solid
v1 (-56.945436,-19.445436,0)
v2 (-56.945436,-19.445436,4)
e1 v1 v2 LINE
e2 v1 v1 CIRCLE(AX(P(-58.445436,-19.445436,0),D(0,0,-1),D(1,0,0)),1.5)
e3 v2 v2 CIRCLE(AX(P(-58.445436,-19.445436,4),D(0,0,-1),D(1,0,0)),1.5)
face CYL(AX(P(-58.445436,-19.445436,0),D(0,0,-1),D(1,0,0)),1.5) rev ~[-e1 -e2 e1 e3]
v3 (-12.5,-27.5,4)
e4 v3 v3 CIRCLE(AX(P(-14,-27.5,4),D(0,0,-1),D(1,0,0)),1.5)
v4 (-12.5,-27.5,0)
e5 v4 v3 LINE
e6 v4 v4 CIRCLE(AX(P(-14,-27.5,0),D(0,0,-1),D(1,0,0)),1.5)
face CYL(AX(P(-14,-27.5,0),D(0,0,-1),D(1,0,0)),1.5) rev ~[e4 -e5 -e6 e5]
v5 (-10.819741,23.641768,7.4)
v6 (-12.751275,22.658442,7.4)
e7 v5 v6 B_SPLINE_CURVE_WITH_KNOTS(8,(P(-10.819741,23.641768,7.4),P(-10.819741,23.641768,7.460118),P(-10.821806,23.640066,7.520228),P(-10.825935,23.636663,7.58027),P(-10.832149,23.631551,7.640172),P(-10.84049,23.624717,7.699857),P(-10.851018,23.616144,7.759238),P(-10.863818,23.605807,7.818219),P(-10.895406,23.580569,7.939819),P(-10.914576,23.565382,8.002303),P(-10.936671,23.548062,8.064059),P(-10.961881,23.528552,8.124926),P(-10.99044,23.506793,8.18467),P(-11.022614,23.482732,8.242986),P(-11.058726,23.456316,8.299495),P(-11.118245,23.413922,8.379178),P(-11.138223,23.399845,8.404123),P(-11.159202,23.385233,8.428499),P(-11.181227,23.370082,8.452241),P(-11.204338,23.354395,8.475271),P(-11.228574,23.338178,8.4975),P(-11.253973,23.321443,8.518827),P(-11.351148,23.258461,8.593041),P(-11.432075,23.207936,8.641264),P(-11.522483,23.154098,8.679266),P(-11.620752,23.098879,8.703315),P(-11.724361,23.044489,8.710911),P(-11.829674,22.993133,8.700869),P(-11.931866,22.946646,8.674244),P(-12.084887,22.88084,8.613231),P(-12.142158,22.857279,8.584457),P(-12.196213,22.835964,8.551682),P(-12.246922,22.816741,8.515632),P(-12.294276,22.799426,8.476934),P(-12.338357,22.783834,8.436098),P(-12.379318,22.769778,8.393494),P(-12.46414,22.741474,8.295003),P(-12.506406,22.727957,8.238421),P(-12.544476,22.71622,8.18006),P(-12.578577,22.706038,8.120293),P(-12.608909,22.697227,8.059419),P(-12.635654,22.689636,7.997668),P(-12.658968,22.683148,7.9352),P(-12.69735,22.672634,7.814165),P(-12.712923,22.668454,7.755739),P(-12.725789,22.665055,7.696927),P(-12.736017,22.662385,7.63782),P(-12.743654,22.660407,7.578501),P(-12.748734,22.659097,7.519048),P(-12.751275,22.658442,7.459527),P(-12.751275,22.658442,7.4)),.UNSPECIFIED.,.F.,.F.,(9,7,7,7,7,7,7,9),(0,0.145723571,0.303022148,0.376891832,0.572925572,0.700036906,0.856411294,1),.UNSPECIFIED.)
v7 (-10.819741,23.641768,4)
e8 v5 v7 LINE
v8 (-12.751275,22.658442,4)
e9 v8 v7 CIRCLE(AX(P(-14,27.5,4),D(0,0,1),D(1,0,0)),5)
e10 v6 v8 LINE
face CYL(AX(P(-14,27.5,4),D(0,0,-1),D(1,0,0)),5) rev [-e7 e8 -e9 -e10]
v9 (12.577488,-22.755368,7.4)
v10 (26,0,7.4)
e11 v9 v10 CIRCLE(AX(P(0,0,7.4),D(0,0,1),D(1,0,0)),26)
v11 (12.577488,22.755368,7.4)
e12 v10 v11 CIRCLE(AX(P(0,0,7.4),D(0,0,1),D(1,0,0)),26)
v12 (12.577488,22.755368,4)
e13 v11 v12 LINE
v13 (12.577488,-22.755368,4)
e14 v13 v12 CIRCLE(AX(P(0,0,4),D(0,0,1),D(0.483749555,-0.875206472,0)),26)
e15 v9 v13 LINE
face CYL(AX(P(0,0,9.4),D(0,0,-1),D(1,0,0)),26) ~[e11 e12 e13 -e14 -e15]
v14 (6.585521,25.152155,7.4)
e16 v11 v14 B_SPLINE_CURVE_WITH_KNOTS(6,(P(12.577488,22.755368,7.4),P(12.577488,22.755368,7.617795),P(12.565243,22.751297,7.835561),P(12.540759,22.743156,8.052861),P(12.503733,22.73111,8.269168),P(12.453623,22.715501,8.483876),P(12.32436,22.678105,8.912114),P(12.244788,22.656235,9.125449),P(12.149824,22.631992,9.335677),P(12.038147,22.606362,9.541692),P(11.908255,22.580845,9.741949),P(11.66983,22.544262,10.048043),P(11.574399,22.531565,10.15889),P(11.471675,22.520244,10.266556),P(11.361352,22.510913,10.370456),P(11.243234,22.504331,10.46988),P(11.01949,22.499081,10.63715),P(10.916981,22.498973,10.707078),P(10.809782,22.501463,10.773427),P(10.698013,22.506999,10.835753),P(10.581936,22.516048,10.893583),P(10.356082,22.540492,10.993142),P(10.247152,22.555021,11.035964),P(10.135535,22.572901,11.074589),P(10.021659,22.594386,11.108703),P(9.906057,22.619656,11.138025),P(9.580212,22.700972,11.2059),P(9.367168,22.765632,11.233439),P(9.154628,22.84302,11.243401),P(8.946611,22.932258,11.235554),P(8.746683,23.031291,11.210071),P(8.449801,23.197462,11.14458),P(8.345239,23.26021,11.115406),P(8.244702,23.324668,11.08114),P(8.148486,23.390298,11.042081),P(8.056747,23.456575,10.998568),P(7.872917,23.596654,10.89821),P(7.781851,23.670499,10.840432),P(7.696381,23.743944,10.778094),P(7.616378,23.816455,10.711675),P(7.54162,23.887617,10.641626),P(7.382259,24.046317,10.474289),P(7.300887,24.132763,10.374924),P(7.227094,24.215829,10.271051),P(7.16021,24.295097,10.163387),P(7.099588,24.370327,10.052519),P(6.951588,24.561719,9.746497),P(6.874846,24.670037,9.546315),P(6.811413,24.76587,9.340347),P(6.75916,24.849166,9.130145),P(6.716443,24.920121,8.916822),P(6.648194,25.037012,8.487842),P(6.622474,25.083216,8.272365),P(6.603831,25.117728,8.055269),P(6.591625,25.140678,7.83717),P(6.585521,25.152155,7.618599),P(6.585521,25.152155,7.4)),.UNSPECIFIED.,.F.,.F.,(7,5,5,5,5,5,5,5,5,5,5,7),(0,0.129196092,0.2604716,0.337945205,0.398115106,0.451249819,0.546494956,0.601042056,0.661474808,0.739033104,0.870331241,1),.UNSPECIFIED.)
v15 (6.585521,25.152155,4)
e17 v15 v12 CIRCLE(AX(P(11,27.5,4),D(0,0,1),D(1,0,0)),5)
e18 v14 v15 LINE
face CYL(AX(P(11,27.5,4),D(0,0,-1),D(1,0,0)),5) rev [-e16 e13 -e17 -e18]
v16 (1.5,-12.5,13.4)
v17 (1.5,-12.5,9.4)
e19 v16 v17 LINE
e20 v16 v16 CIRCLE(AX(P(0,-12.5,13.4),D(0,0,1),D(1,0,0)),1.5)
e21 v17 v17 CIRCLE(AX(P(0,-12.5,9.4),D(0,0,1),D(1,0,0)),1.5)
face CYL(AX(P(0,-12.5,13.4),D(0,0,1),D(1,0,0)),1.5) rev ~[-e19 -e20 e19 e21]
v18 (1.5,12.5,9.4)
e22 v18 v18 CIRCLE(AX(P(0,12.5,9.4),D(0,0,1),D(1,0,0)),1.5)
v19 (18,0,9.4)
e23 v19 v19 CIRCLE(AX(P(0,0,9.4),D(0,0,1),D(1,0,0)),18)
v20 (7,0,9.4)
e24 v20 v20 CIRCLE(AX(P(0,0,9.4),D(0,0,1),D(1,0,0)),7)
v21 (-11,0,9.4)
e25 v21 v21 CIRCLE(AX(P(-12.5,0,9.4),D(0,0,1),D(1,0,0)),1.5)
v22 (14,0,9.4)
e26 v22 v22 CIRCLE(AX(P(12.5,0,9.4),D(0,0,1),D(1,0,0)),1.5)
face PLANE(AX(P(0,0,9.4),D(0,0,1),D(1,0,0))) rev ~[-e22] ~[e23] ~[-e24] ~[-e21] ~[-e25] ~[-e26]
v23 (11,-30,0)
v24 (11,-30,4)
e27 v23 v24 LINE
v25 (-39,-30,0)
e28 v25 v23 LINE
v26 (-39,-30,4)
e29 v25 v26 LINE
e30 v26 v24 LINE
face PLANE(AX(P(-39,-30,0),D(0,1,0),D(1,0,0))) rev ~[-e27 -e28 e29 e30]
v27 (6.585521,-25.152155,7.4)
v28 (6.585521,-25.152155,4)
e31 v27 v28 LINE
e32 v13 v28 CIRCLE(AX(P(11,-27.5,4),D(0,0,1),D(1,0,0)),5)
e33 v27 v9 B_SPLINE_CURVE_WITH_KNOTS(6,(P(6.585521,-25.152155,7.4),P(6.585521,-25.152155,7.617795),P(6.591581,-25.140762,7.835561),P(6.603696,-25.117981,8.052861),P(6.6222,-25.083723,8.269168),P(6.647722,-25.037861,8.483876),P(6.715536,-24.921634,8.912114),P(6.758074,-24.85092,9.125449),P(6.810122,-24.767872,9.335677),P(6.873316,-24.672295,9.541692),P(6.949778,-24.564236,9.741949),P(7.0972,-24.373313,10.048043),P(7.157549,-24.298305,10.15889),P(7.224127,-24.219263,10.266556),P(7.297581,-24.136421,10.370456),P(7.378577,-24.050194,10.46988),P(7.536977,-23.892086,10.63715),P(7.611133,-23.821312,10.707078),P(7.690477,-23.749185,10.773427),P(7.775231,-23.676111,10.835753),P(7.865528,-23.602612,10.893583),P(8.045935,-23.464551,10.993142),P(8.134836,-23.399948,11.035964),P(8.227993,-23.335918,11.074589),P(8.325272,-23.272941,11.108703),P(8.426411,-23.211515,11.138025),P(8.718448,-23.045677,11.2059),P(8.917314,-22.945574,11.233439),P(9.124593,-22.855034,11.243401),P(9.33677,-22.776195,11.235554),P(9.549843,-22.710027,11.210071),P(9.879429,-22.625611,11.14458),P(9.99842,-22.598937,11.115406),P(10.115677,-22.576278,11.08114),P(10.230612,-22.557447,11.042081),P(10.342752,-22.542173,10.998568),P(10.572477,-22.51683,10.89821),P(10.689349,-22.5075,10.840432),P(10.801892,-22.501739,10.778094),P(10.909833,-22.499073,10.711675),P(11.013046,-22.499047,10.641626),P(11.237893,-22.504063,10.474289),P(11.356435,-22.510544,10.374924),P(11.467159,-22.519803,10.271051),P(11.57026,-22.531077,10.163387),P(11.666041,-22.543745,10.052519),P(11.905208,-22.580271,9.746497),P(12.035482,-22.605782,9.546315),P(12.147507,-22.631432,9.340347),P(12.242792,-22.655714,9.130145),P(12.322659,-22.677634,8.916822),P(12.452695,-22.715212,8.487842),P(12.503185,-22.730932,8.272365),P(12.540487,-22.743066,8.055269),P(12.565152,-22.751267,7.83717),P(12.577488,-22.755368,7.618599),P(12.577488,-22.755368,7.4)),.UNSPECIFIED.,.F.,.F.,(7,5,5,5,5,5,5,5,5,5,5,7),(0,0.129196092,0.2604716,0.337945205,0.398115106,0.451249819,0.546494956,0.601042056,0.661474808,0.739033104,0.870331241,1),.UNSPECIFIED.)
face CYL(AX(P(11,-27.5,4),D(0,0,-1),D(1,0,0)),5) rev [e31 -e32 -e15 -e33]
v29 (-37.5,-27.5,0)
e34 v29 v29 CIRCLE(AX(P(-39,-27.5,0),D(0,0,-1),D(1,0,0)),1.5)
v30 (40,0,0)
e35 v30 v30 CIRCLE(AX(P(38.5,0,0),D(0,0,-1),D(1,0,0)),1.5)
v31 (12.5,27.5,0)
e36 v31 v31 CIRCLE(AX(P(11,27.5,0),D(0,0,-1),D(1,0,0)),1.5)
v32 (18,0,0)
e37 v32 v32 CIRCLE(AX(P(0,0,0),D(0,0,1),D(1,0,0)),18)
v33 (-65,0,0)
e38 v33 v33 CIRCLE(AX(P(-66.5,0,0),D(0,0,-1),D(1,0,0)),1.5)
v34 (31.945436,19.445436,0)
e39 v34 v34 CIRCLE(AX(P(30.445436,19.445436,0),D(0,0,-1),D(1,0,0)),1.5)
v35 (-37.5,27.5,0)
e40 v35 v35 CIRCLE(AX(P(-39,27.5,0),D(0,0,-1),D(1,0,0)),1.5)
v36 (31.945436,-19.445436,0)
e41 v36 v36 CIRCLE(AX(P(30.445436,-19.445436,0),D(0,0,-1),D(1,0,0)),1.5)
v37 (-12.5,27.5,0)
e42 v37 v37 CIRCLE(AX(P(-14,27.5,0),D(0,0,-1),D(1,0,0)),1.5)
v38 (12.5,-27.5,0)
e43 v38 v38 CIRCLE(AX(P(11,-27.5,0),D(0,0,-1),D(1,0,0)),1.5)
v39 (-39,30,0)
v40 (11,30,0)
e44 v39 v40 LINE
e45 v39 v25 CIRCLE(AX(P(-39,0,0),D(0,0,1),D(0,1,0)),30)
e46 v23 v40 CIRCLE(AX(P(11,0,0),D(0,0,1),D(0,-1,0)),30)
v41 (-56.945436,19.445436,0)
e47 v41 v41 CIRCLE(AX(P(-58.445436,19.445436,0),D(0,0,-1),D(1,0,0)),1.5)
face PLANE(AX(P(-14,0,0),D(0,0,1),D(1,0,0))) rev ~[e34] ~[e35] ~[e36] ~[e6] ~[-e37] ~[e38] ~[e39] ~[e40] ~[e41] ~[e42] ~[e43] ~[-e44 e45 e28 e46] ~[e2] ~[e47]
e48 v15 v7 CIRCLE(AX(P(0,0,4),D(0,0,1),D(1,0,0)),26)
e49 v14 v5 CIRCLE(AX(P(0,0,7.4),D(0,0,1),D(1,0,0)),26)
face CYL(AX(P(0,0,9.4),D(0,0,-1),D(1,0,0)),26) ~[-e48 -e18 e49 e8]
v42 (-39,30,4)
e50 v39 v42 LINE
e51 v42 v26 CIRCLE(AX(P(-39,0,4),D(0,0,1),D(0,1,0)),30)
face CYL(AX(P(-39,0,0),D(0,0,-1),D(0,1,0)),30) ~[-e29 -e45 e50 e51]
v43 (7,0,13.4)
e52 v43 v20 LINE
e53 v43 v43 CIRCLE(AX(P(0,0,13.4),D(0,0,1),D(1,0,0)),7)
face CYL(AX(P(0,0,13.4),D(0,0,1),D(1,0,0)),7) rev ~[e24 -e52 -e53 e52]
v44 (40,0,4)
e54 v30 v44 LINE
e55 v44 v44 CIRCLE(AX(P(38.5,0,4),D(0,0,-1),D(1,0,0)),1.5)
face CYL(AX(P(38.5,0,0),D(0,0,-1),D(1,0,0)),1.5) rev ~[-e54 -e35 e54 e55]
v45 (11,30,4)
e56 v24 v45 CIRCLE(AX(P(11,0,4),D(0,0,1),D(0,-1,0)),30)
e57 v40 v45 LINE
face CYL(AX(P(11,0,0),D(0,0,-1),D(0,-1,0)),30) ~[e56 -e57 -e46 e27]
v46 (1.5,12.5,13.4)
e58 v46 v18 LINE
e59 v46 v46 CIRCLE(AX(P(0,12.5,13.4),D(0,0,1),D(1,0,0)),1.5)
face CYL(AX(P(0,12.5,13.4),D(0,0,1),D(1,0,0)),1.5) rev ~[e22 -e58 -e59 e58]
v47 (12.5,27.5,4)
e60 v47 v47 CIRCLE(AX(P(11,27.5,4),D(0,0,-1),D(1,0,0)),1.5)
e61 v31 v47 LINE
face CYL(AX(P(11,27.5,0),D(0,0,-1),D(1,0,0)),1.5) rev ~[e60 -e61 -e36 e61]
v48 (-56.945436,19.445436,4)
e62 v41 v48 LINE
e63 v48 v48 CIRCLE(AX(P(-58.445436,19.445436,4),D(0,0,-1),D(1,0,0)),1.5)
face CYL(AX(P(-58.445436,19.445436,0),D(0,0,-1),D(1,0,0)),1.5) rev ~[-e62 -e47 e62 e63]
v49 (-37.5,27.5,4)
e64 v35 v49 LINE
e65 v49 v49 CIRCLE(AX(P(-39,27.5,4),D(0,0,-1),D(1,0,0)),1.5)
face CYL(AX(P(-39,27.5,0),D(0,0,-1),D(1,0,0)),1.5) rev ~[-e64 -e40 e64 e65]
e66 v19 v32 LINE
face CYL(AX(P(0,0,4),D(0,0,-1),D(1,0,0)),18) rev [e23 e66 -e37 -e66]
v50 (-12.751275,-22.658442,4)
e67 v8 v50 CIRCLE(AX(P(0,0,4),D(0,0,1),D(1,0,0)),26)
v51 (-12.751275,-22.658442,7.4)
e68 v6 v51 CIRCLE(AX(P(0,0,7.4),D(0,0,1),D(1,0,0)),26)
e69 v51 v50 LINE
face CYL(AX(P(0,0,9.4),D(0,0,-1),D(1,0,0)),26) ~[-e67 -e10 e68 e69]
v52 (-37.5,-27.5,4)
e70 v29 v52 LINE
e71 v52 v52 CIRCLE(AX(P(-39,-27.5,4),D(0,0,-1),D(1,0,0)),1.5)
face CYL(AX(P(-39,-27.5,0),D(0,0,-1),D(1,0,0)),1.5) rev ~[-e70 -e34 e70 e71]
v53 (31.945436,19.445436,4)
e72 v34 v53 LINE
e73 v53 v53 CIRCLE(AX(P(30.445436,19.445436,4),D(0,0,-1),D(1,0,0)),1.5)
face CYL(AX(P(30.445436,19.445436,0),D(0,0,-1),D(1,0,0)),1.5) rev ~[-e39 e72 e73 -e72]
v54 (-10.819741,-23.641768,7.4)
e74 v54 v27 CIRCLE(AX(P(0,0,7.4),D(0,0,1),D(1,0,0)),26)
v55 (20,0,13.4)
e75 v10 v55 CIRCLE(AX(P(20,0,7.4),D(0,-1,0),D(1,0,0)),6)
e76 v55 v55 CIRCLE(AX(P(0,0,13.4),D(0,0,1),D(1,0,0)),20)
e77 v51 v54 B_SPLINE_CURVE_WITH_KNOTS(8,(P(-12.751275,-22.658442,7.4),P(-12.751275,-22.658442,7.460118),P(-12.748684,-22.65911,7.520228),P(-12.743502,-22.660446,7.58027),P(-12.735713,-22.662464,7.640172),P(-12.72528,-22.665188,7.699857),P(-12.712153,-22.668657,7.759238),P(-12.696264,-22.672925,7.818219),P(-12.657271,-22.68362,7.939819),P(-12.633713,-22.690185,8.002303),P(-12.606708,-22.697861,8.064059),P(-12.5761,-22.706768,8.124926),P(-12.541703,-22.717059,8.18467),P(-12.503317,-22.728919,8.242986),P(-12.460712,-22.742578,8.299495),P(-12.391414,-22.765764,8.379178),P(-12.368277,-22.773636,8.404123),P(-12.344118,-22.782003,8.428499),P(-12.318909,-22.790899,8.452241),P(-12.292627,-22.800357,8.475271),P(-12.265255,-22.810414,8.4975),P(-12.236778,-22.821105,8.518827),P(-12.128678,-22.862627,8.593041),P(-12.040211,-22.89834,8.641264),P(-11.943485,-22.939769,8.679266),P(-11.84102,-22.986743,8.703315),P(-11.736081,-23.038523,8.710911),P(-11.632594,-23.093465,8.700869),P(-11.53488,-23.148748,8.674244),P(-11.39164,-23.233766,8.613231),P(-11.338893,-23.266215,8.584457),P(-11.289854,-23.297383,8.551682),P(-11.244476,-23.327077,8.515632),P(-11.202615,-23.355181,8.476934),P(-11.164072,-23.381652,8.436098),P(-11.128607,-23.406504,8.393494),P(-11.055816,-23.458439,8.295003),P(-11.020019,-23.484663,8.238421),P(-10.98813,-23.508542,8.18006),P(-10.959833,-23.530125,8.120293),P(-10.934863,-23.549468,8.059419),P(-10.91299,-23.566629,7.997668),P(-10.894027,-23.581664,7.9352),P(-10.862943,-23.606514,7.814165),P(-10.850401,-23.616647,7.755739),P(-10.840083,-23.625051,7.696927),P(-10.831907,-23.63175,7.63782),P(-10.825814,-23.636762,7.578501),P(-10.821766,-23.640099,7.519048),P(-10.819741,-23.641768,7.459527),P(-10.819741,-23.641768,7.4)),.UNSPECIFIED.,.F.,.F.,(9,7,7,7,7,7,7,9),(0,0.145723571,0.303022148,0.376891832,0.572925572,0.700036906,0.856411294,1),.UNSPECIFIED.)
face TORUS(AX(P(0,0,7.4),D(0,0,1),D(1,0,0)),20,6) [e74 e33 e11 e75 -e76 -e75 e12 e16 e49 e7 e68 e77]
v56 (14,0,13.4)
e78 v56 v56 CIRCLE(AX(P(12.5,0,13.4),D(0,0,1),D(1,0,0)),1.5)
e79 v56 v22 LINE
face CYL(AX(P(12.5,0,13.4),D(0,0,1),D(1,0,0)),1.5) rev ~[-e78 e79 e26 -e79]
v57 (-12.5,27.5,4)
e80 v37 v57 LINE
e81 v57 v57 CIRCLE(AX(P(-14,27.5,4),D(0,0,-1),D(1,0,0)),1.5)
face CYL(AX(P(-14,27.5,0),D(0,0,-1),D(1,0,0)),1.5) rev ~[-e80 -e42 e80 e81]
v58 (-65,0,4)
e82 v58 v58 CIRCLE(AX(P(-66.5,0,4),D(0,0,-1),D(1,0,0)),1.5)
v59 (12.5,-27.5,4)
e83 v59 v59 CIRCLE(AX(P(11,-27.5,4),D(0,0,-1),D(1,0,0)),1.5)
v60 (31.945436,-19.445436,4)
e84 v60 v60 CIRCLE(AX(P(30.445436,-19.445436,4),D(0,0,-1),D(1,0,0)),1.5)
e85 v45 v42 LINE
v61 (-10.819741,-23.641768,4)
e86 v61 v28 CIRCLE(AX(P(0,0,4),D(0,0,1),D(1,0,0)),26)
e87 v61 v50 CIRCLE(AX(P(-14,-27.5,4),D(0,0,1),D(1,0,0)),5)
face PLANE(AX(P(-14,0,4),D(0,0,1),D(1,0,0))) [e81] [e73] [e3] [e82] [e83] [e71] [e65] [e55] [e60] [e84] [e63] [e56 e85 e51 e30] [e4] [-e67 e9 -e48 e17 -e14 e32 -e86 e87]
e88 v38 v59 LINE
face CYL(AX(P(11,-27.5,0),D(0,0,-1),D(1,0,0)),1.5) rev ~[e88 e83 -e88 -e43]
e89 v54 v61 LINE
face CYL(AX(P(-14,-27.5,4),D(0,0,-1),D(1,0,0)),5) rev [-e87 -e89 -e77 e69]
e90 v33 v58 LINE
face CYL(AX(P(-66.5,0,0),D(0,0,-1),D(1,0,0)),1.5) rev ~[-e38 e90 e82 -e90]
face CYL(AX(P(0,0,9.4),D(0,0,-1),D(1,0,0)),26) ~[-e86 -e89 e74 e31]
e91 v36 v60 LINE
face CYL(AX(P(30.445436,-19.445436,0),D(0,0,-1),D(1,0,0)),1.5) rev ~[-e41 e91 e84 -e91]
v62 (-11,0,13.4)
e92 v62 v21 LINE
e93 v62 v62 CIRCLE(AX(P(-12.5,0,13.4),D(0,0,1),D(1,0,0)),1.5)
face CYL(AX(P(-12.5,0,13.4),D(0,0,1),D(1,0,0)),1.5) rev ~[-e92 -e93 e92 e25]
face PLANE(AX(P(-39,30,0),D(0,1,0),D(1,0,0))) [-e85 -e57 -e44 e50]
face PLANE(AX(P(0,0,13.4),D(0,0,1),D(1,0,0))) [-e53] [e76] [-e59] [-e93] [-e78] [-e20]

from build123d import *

# Parameters (mm, degrees)
SKETCH_R        = 18
PAD_DEPTH       = 4
SKETCH002_R     = 26
SKETCH002_R_2   = 18
PAD001_DEPTH    = 5.4
SKETCH003_R     = 26
PAD002_DEPTH    = 4
SKETCH004_R     = 1.5
SKETCH004_R_2   = 7
POCKET_DEPTH    = 5
SKETCH005_R     = 1.5
POCKET001_DEPTH = 5
FILLET_R        = 6
SKETCH006_R     = 5
POCKET002_DEPTH = 15


with BuildPart() as part:
    # Sketch → Pad (new body)
    with BuildSketch(Plane.XY):
        with BuildLine():
            ThreePointArc((-39, 30), (-69, 0), (-39, -30))
            Line((-39, -30), (11, -30))
            ThreePointArc((11, -30), (41, 0), (11, 30))
            Line((-39, 30), (11, 30))
        make_face()
        Circle(SKETCH_R, mode=Mode.SUBTRACT)
    extrude(amount=PAD_DEPTH)

    # Sketch002 (on Face7 of Pad) → Pad001 (join)
    with BuildSketch(Plane.XY.offset(4)):
        Circle(SKETCH002_R)
        Circle(SKETCH002_R_2, mode=Mode.SUBTRACT)
    extrude(amount=PAD001_DEPTH)

    # Sketch003 (on Face10 of Pad001) → Pad002 (join)
    with BuildSketch(Plane.XY.offset(9.4)):
        Circle(SKETCH003_R)
    extrude(amount=PAD002_DEPTH)

    # Sketch004 (on Face12 of Pad002) → Pocket (cut)
    with BuildSketch(Plane.XY.offset(13.4)):
        with Locations((12.5, 0)):
            Circle(SKETCH004_R)
        with Locations((-12.5, 0)):
            Circle(SKETCH004_R)
        with Locations((0, 12.5)):
            Circle(SKETCH004_R)
        with Locations((0, -12.5)):
            Circle(SKETCH004_R)
        Circle(SKETCH004_R_2)
    extrude(amount=-POCKET_DEPTH, mode=Mode.SUBTRACT)

    # Sketch005 (on Face4 of Pocket) → Pocket001 (cut)
    with BuildSketch(Plane(origin=(0, 0, 0), x_dir=(1, 0, 0), z_dir=(0, 0, -1))):
        with Locations((-39, 27.5)):
            Circle(SKETCH005_R)
        with Locations((-14, 27.5)):
            Circle(SKETCH005_R)
        with Locations((11, 27.5)):
            Circle(SKETCH005_R)
        with Locations((30.445436, 19.445436)):
            Circle(SKETCH005_R)
        with Locations((38.5, 0)):
            Circle(SKETCH005_R)
        with Locations((30.445436, -19.445436)):
            Circle(SKETCH005_R)
        with Locations((11, -27.5)):
            Circle(SKETCH005_R)
        with Locations((-14, -27.5)):
            Circle(SKETCH005_R)
        with Locations((-39, -27.5)):
            Circle(SKETCH005_R)
        with Locations((-58.445436, -19.445436)):
            Circle(SKETCH005_R)
        with Locations((-66.5, 0)):
            Circle(SKETCH005_R)
        with Locations((-58.445436, 19.445436)):
            Circle(SKETCH005_R)
    extrude(amount=-POCKET001_DEPTH, mode=Mode.SUBTRACT)

    # Fillet
    fillet_edges = [part.edges().sort_by_distance(p)[0] for p in [
        (-26, 0, 13.4),
    ]]
    fillet(fillet_edges, radius=FILLET_R)

    # Sketch006 (on Face3 of Fillet) → Pocket002 (cut)
    with BuildSketch(Plane.XY.offset(4)):
        with Locations((-14, 27.5)):
            Circle(SKETCH006_R)
        with Locations((11, 27.5)):
            Circle(SKETCH006_R)
        with Locations((11, -27.5)):
            Circle(SKETCH006_R)
        with Locations((-14, -27.5)):
            Circle(SKETCH006_R)
    extrude(amount=POCKET002_DEPTH, mode=Mode.SUBTRACT)


solid = part.part
